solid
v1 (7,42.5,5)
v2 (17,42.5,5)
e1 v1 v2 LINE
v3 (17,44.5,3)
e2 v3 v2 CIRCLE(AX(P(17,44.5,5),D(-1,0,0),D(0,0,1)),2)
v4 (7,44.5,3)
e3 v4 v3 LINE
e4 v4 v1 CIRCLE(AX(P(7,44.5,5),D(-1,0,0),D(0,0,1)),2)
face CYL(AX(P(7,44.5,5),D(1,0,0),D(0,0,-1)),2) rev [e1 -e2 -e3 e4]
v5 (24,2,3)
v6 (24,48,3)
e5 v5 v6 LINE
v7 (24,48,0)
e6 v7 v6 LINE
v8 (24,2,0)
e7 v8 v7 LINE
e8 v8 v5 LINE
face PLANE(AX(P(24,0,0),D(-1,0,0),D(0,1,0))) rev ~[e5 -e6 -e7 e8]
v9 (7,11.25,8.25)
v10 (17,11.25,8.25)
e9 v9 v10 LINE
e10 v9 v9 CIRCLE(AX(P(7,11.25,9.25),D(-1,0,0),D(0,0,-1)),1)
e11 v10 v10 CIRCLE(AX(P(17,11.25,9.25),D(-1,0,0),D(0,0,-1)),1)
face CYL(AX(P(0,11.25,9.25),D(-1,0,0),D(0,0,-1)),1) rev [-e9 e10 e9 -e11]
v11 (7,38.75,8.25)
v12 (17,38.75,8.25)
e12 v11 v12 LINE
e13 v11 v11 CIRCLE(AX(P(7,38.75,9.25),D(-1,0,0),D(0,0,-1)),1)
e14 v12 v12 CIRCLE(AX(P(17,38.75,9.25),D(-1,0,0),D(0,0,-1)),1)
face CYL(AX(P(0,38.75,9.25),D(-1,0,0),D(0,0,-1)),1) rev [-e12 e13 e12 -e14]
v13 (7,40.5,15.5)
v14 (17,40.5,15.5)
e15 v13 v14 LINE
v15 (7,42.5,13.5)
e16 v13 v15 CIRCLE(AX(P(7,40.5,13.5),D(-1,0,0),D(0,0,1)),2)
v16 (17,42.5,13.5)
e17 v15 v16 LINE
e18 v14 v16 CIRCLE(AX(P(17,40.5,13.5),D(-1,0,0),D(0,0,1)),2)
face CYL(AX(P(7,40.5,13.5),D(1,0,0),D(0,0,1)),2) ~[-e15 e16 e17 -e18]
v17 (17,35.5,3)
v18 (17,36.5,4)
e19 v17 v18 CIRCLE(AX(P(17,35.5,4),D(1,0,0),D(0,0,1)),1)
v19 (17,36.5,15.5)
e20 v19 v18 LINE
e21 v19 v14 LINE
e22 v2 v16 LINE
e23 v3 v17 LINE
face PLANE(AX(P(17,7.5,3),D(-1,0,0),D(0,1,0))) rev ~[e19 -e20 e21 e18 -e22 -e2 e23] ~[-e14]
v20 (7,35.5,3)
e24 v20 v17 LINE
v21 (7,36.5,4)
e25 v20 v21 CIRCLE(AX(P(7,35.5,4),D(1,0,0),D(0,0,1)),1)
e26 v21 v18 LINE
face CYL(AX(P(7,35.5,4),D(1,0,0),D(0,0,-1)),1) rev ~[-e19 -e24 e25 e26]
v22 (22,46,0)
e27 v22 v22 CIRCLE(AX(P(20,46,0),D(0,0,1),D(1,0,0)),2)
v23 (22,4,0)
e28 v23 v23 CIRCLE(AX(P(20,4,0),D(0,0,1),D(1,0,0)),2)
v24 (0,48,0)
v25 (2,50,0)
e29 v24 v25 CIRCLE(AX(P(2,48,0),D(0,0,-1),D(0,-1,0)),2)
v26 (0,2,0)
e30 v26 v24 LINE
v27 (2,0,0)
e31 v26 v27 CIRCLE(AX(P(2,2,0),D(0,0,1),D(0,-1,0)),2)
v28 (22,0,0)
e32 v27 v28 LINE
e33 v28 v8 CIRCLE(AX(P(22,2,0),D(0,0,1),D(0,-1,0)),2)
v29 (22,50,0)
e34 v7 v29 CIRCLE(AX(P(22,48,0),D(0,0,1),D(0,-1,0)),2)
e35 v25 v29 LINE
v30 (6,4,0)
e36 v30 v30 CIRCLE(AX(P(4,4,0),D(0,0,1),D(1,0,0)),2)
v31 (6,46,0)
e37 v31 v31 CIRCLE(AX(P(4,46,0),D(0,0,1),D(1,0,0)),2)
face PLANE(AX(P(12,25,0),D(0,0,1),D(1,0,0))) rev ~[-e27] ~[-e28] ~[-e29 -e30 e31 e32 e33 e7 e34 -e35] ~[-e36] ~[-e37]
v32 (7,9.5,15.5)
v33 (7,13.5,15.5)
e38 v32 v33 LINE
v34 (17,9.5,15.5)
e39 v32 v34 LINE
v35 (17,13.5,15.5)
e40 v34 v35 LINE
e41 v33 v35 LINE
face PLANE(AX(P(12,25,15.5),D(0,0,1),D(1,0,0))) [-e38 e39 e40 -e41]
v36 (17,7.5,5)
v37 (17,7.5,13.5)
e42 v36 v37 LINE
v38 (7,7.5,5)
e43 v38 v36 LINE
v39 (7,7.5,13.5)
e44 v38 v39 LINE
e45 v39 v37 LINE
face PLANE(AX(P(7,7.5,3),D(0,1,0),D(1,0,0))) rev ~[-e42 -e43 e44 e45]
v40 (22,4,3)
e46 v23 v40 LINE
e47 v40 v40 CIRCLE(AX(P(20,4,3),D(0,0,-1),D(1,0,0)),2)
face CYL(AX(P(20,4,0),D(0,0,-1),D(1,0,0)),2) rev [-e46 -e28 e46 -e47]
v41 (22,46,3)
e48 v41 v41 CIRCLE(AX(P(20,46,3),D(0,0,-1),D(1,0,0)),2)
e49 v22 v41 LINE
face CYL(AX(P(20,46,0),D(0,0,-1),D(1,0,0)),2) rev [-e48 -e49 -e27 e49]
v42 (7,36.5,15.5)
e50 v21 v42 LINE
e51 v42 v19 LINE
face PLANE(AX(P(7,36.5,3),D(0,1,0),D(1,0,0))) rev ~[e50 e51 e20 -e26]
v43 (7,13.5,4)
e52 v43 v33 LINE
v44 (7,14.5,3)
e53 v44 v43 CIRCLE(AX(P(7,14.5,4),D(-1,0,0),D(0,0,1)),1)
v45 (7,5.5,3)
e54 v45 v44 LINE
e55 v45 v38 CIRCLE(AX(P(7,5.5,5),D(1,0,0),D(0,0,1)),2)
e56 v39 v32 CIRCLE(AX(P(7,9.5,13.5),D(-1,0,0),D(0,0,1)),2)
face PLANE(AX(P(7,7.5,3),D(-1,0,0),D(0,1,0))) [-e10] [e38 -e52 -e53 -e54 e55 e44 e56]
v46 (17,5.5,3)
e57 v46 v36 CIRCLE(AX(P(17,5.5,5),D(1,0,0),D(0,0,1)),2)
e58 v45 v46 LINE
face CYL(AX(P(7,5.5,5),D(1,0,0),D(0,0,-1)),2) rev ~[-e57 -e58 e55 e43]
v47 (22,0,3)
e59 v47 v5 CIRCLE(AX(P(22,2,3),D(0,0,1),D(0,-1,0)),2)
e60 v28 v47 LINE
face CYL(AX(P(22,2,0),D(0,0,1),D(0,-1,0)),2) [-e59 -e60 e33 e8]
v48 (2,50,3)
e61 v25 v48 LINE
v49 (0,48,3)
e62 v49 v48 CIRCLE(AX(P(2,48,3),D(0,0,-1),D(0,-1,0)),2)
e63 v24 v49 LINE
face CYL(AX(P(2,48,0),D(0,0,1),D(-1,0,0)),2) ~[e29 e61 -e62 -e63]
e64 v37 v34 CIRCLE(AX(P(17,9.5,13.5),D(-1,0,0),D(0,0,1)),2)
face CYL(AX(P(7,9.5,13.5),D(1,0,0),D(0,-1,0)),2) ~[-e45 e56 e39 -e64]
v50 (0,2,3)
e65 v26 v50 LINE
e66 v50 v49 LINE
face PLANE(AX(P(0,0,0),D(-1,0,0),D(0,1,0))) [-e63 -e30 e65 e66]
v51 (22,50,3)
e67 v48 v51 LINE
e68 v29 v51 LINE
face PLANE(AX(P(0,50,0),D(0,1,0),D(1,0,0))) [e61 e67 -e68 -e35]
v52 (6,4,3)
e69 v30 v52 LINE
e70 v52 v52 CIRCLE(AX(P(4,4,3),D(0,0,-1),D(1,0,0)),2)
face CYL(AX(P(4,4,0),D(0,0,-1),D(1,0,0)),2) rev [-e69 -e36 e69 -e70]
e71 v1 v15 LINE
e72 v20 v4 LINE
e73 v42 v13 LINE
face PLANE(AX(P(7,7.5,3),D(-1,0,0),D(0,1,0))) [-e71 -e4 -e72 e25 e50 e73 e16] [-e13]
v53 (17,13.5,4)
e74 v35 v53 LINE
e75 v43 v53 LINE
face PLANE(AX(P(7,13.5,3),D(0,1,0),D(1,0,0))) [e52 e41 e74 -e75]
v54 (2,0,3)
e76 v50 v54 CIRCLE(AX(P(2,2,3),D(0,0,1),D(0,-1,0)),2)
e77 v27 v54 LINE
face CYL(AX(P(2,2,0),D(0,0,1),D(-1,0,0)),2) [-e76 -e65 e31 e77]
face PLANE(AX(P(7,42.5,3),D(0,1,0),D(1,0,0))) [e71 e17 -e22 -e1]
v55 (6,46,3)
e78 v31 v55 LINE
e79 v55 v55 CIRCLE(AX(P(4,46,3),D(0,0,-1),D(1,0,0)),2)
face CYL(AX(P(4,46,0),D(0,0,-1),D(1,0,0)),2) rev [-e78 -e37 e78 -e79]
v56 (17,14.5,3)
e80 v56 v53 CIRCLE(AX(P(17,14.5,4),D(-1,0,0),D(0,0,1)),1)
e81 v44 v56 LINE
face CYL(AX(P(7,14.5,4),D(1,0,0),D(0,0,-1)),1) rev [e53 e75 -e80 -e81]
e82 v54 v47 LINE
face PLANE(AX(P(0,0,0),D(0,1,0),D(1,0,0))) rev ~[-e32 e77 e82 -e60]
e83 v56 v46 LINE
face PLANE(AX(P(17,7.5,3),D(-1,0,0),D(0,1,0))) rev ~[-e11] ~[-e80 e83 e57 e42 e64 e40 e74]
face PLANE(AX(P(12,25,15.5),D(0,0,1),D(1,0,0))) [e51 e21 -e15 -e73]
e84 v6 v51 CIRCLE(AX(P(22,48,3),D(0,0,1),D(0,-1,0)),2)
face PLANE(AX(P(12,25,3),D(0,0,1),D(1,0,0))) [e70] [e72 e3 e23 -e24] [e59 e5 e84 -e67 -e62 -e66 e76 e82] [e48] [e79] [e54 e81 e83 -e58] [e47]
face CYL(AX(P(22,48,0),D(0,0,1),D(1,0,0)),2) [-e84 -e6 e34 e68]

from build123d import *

# Parameters (mm, degrees)
CYLINDER_R        = 1
CYLINDER_DEPTH    = 28
CYLINDER004_R     = 2
CYLINDER004_DEPTH = 10
CYLINDER005_R     = 2
CYLINDER005_DEPTH = 10
CYLINDER003_R     = 2
CYLINDER003_DEPTH = 10
CYLINDER001_R     = 1
CYLINDER001_DEPTH = 28
CYLINDER002_R     = 2
CYLINDER002_DEPTH = 10
BOX002_W          = 16
BOX002_H          = 23
BOX002_DEPTH      = 12.5
BOX001_W          = 10
BOX001_H          = 35
BOX001_DEPTH      = 12.5
BOX_W             = 24
BOX_H             = 50
BOX_DEPTH         = 3
FILLET_R          = 2
FILLET001_R       = 1
FILLET002_R       = 2
FILLET003_R       = 2


with BuildPart() as cylinder:
    # Cylinder → Cylinder (new body)
    with BuildSketch(Plane(origin=(0, 11.25, 9.25), x_dir=(0, 0, -1), z_dir=(1, 0, 0))):
        Circle(CYLINDER_R)
    extrude(amount=CYLINDER_DEPTH)


with BuildPart() as cylinder004:
    # Cylinder004 → Cylinder004 (new body)
    with BuildSketch(Plane(origin=(20, 4, 0), x_dir=(1, 0, 0), z_dir=(0, 0, 1))):
        Circle(CYLINDER004_R)
    extrude(amount=CYLINDER004_DEPTH)


with BuildPart() as cylinder005:
    # Cylinder005 → Cylinder005 (new body)
    with BuildSketch(Plane(origin=(20, 46, 0), x_dir=(1, 0, 0), z_dir=(0, 0, 1))):
        Circle(CYLINDER005_R)
    extrude(amount=CYLINDER005_DEPTH)


with BuildPart() as cylinder003:
    # Cylinder003 → Cylinder003 (new body)
    with BuildSketch(Plane(origin=(4, 46, 0), x_dir=(1, 0, 0), z_dir=(0, 0, 1))):
        Circle(CYLINDER003_R)
    extrude(amount=CYLINDER003_DEPTH)


with BuildPart() as cylinder001:
    # Cylinder001 → Cylinder001 (new body)
    with BuildSketch(Plane(origin=(0, 38.75, 9.25), x_dir=(0, 0, -1), z_dir=(1, 0, 0))):
        Circle(CYLINDER001_R)
    extrude(amount=CYLINDER001_DEPTH)


with BuildPart() as fusion001:
    # Cylinder002 → Cylinder002 (new body)
    with BuildSketch(Plane(origin=(4, 4, 0), x_dir=(1, 0, 0), z_dir=(0, 0, 1))):
        Circle(CYLINDER002_R)
    extrude(amount=CYLINDER002_DEPTH)

    # Fusion001: union Cylinder, Cylinder004, Cylinder005, Cylinder003, Cylinder001
    add(cylinder.part)
    add(cylinder004.part)
    add(cylinder005.part)
    add(cylinder003.part)
    add(cylinder001.part)


with BuildPart() as cube001:
    # Box002 → Box002 (new body)
    with BuildSketch(Plane(origin=(7, 13.5, 3), x_dir=(1, 0, 0), z_dir=(0, 0, 1))):
        with Locations((8, 11.5)):
            Rectangle(BOX002_W, BOX002_H)
    extrude(amount=BOX002_DEPTH)


with BuildPart() as cut:
    # Box001 → Box001 (new body)
    with BuildSketch(Plane(origin=(7, 7.5, 3), x_dir=(1, 0, 0), z_dir=(0, 0, 1))):
        with Locations((5, 17.5)):
            Rectangle(BOX001_W, BOX001_H)
    extrude(amount=BOX001_DEPTH)

    # Cut: cut Cube001
    add(cube001.part, mode=Mode.SUBTRACT)


with BuildPart() as fillet003:
    # Box → Box (new body)
    with BuildSketch(Plane.XY):
        with Locations((12, 25)):
            Rectangle(BOX_W, BOX_H)
    extrude(amount=BOX_DEPTH)

    # Fillet
    fillet_edges = [fillet003.edges().sort_by_distance(p)[0] for p in [
        (0, 0, 1.5),
        (0, 50, 1.5),
        (24, 0, 1.5),
        (24, 50, 1.5),
    ]]
    fillet(fillet_edges, radius=FILLET_R)

    # Fusion: union Cut
    add(cut.part)

    # Cut001: cut Fusion001
    add(fusion001.part, mode=Mode.SUBTRACT)

    # Fillet001
    fillet001_edges = [fillet003.edges().sort_by_distance(p)[0] for p in [
        (12, 13.5, 3),
        (12, 36.5, 3),
    ]]
    fillet(fillet001_edges, radius=FILLET001_R)

    # Fillet002
    fillet002_edges = [fillet003.edges().sort_by_distance(p)[0] for p in [
        (12, 7.5, 3),
        (12, 42.5, 3),
    ]]
    fillet(fillet002_edges, radius=FILLET002_R)

    # Fillet003
    fillet003_edges = [fillet003.edges().sort_by_distance(p)[0] for p in [
        (12, 7.5, 15.5),
        (12, 42.5, 15.5),
    ]]
    fillet(fillet003_edges, radius=FILLET003_R)


solid = fillet003.part
